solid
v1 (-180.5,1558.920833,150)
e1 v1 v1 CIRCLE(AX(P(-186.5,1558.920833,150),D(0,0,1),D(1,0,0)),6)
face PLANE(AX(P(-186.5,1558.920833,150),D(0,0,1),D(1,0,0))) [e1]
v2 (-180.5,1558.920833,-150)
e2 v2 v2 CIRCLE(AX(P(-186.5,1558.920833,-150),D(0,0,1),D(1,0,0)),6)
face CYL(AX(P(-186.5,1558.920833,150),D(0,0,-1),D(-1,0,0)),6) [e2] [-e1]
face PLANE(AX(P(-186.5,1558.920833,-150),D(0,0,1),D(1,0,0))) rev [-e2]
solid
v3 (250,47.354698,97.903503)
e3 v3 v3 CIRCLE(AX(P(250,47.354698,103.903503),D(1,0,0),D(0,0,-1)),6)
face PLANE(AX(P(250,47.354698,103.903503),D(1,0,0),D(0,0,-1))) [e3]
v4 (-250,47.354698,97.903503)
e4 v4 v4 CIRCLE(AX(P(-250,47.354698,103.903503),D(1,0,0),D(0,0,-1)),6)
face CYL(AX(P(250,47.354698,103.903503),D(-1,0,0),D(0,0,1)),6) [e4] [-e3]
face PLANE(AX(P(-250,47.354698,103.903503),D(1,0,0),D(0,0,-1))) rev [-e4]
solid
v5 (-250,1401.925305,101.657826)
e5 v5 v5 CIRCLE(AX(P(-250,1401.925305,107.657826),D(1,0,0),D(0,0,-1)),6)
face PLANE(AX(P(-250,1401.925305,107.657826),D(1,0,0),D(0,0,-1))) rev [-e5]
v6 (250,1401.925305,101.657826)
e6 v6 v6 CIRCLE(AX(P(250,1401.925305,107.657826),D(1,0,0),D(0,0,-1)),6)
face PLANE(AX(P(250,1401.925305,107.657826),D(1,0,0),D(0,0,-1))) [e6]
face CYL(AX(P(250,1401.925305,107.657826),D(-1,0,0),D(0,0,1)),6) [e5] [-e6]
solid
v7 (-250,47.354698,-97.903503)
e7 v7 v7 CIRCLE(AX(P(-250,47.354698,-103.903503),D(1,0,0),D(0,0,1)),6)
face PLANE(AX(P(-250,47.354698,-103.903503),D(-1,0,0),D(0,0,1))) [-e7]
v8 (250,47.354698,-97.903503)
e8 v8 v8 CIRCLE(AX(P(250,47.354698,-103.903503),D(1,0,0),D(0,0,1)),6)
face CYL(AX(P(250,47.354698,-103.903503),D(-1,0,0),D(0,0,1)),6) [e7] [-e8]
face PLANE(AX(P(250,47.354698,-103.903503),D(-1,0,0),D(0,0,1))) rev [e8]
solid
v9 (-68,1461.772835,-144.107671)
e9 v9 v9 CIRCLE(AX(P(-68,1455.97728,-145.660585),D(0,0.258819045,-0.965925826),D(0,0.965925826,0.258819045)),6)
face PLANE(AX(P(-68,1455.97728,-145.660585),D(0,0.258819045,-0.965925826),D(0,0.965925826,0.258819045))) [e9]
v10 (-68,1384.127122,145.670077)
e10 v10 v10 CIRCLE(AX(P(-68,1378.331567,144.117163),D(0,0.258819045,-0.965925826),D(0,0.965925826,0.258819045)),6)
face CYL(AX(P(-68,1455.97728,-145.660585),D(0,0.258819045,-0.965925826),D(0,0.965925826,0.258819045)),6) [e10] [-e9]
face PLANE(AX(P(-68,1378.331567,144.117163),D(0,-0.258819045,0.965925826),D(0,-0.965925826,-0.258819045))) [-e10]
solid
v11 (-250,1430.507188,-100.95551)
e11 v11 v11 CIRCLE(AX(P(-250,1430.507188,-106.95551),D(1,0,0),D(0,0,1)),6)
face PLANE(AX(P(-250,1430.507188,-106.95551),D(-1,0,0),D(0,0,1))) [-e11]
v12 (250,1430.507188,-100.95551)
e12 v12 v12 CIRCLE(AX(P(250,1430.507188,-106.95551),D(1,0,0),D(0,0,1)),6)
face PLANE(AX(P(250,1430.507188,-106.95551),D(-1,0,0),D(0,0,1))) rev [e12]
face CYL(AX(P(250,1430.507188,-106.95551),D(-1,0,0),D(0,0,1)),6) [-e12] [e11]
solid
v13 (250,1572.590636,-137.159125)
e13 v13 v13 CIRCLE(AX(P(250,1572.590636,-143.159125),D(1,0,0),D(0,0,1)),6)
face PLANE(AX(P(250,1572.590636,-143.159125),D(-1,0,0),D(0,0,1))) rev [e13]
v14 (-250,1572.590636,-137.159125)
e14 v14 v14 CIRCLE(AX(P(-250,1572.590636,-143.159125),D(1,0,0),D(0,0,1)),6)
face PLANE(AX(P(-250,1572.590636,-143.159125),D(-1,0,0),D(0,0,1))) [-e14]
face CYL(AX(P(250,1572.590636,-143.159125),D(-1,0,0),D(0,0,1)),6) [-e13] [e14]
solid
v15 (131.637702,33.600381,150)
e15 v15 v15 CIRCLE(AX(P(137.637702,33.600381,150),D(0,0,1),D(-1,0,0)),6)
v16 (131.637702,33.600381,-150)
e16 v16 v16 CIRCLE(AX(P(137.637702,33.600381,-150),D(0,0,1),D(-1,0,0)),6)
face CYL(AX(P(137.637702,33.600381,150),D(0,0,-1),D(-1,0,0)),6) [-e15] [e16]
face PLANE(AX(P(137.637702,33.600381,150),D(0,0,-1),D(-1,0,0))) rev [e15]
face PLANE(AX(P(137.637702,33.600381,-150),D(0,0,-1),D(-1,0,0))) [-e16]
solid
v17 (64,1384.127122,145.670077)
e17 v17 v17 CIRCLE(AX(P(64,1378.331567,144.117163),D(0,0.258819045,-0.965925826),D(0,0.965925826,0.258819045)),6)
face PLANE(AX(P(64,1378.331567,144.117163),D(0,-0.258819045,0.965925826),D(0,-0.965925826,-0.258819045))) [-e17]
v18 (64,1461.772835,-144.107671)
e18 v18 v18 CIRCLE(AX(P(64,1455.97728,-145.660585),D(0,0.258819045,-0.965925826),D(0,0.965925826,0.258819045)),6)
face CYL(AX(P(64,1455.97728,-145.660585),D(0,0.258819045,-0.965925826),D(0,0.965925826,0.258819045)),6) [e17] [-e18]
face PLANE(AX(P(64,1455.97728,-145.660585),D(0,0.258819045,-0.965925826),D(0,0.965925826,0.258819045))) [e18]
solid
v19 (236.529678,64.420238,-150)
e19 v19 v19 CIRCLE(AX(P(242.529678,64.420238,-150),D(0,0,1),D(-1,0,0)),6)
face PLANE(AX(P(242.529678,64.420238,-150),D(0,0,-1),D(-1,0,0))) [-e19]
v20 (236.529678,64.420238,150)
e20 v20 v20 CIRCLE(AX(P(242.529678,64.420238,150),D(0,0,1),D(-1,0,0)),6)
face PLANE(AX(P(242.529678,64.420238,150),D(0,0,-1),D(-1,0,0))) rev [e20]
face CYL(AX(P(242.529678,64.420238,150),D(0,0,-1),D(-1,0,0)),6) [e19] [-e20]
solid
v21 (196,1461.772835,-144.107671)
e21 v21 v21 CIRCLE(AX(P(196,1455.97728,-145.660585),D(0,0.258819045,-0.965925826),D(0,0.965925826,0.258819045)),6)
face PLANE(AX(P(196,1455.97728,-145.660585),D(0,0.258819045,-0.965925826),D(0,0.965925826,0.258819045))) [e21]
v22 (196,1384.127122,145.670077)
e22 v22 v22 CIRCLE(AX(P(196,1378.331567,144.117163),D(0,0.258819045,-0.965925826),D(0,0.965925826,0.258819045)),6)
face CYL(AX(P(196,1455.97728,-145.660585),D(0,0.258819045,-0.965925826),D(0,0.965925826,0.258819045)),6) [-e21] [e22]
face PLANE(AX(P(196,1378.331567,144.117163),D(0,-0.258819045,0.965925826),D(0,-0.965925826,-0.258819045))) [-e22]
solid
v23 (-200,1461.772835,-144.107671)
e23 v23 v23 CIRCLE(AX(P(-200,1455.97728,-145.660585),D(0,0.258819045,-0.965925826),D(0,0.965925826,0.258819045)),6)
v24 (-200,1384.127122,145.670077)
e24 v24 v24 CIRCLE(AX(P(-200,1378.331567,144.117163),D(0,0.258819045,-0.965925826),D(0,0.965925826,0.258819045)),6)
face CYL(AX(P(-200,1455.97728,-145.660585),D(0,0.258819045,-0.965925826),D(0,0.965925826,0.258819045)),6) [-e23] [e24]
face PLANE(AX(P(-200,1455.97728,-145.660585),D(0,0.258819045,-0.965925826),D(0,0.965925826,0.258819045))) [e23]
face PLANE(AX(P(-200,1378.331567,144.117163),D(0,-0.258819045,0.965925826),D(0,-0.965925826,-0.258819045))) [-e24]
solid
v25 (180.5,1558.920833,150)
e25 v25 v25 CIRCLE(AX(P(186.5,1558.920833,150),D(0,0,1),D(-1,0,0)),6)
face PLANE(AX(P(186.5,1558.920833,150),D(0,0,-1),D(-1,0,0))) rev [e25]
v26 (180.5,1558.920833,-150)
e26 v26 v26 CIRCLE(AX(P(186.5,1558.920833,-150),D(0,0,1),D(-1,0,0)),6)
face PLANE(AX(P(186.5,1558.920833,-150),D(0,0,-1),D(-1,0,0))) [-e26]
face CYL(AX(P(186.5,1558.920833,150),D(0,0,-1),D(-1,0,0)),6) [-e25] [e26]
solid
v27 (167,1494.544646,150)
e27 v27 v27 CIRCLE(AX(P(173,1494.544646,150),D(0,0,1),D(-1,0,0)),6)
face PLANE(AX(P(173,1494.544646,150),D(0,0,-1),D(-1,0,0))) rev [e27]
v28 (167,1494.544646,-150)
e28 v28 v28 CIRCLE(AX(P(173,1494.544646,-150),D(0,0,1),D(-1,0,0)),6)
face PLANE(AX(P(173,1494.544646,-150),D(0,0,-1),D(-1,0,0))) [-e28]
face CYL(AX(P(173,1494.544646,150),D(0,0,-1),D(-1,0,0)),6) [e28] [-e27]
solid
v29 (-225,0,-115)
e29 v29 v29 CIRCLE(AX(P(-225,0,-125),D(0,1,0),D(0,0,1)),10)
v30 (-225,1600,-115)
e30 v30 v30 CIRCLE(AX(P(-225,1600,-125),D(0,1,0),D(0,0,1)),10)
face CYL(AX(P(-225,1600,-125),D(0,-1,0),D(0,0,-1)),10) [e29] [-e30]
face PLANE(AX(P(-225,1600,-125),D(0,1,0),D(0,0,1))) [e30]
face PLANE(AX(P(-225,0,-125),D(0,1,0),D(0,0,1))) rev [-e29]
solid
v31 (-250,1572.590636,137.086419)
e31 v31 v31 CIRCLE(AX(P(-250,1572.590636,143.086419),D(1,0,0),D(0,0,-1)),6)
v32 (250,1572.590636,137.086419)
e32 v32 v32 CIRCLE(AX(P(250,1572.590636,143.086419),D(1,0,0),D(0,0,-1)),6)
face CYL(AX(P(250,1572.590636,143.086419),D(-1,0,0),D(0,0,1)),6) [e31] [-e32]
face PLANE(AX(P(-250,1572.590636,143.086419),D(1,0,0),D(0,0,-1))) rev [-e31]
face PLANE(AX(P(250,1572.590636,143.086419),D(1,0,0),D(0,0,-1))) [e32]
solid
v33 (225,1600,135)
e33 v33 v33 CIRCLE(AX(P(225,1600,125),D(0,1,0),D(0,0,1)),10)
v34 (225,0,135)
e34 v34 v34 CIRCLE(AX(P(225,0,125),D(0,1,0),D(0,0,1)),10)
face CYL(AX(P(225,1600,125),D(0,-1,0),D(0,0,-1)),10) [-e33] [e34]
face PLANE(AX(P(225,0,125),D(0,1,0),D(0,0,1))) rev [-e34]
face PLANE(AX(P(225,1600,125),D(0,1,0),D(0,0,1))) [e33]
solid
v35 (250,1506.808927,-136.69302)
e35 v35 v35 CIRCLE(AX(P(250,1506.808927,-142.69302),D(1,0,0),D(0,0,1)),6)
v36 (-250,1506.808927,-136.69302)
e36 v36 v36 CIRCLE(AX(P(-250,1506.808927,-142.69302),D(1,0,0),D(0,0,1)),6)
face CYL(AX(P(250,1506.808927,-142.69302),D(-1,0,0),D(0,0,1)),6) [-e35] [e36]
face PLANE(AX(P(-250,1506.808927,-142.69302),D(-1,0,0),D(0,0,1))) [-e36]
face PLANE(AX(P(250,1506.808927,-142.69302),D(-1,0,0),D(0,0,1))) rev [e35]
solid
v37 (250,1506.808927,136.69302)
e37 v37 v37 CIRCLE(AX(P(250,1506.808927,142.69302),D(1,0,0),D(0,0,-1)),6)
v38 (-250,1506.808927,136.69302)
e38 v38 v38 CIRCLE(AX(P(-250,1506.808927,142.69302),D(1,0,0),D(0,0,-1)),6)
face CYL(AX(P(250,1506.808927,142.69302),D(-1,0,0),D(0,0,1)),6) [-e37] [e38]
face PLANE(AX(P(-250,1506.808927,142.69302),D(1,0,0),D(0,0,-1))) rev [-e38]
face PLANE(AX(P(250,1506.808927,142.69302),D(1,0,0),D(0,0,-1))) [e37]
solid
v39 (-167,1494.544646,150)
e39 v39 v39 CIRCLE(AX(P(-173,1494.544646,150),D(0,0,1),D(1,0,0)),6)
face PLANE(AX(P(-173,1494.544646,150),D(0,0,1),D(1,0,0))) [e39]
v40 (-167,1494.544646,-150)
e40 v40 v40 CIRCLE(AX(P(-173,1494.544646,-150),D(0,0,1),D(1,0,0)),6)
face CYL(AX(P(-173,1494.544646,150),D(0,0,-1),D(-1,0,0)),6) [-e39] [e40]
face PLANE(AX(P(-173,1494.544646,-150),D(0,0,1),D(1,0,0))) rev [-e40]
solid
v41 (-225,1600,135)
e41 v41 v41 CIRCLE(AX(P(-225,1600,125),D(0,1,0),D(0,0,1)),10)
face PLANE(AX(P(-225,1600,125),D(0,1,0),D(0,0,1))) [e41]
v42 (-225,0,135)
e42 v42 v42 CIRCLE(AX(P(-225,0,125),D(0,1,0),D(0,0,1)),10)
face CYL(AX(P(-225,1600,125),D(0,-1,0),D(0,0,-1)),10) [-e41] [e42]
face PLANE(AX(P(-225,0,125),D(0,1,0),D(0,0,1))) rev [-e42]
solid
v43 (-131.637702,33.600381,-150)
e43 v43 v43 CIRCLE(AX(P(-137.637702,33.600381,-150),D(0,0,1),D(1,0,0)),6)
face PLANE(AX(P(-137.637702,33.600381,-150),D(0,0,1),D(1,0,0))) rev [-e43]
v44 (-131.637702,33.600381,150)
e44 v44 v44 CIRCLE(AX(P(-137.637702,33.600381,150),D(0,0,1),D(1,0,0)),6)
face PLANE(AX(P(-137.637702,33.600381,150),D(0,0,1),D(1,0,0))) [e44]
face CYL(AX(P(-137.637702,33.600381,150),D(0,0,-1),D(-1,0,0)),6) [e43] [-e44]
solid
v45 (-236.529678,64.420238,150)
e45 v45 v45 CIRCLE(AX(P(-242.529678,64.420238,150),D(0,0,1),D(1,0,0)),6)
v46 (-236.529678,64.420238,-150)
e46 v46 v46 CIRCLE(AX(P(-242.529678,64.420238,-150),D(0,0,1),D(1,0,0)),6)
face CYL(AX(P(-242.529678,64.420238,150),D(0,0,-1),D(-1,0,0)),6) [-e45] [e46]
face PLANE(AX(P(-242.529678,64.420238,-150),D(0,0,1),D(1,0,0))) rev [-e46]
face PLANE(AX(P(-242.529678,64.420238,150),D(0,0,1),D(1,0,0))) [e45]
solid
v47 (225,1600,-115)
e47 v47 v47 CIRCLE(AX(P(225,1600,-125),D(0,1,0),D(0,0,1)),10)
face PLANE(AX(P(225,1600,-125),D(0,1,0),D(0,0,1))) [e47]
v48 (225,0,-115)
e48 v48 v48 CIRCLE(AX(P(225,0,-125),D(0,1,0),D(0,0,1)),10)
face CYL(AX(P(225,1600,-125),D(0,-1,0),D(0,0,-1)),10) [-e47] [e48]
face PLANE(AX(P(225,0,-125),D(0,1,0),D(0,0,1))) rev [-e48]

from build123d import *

# Parameters (mm, degrees)
SKETCH_1_R        = 10
EXTRUDE_1_DEPTH   = 1600
EXTRUDE_1_2_DEPTH = 1600
EXTRUDE_1_3_DEPTH = 1600
EXTRUDE_1_4_DEPTH = 1600
SKETCH_2_R        = 6
EXTRUDE_2_DEPTH   = 300
EXTRUDE_2_2_DEPTH = 300
EXTRUDE_2_3_DEPTH = 300
EXTRUDE_2_4_DEPTH = 300
SKETCH_3_R        = 6
EXTRUDE_3_DEPTH   = 500
EXTRUDE_3_2_DEPTH = 500
SKETCH_5_R        = 6
EXTRUDE_4_DEPTH   = 500
EXTRUDE_4_2_DEPTH = 500
SKETCH_6_R        = 6
EXTRUDE_5_DEPTH   = 300
EXTRUDE_5_2_DEPTH = 300
SKETCH_7_R        = 6
EXTRUDE_6_DEPTH   = 500
EXTRUDE_6_2_DEPTH = 500
SKETCH_9_R        = 6
EXTRUDE_7_DEPTH   = 300
EXTRUDE_7_2_DEPTH = 300
SKETCH_10_R       = 6
EXTRUDE_8_DEPTH   = 500
EXTRUDE_8_2_DEPTH = 500


with BuildPart() as part:
    # 草图1 → 凸台-拉伸1 (new body)
    with BuildSketch(Plane(origin=(0, 0, 0), x_dir=(1, 0, 0), z_dir=(0, 1, 0))):
        with Locations(Location((-225, -125, 0), (0, 0, 270))):
            Circle(SKETCH_1_R)
    extrude(amount=EXTRUDE_1_DEPTH)


with BuildPart() as body_2:
    # 草图1 → Extrude 1 2 (new body)
    with BuildSketch(Plane(origin=(0, 0, 0), x_dir=(1, 0, 0), z_dir=(0, 1, 0))):
        with Locations(Location((225, -125, 0), (0, 0, 270))):
            Circle(SKETCH_1_R)
    extrude(amount=EXTRUDE_1_2_DEPTH)


with BuildPart() as body_3:
    # 草图1 → Extrude 1 3 (new body)
    with BuildSketch(Plane(origin=(0, 0, 0), x_dir=(1, 0, 0), z_dir=(0, 1, 0))):
        with Locations(Location((225, 125, 0), (0, 0, 270))):
            Circle(SKETCH_1_R)
    extrude(amount=EXTRUDE_1_3_DEPTH)


with BuildPart() as body_4:
    # 草图1 → Extrude 1 4 (new body)
    with BuildSketch(Plane(origin=(0, 0, 0), x_dir=(1, 0, 0), z_dir=(0, 1, 0))):
        with Locations(Location((-225, 125, 0), (0, 0, 270))):
            Circle(SKETCH_1_R)
    extrude(amount=EXTRUDE_1_4_DEPTH)


with BuildPart() as body_5:
    # 草图2 → 凸台-拉伸2 (new body)
    with BuildSketch(Plane(origin=(0, 29.357011074, -150), x_dir=(1, 0, 0), z_dir=(0, 0, 1))):
        with Locations((-242.529677983, 35.06322708)):
            Circle(SKETCH_2_R)
    extrude(amount=EXTRUDE_2_DEPTH)


with BuildPart() as body_6:
    # 草图2 → Extrude 2 2 (new body)
    with BuildSketch(Plane(origin=(0, 29.357011074, -150), x_dir=(1, 0, 0), z_dir=(0, 0, 1))):
        with Locations(Location((242.529677983, 35.06322708, 0), (0, 0, 180))):
            Circle(SKETCH_2_R)
    extrude(amount=EXTRUDE_2_2_DEPTH)


with BuildPart() as body_7:
    # 草图2 → Extrude 2 3 (new body)
    with BuildSketch(Plane(origin=(0, 29.357011074, -150), x_dir=(1, 0, 0), z_dir=(0, 0, 1))):
        with Locations((-137.637701534, 4.243370186)):
            Circle(SKETCH_2_R)
    extrude(amount=EXTRUDE_2_3_DEPTH)


with BuildPart() as body_8:
    # 草图2 → Extrude 2 4 (new body)
    with BuildSketch(Plane(origin=(0, 29.357011074, -150), x_dir=(1, 0, 0), z_dir=(0, 0, 1))):
        with Locations(Location((137.637701534, 4.243370186, 0), (0, 0, 180))):
            Circle(SKETCH_2_R)
    extrude(amount=EXTRUDE_2_4_DEPTH)


with BuildPart() as body_9:
    # 草图3 → 凸台-拉伸3 (new body)
    with BuildSketch(Plane(origin=(-250, 0, 0), x_dir=(0, 0, -1), z_dir=(1, 0, 0))):
        with Locations((-103.903503122, 47.354697799)):
            Circle(SKETCH_3_R)
    extrude(amount=EXTRUDE_3_DEPTH)


with BuildPart() as body_10:
    # 草图3 → Extrude 3 2 (new body)
    with BuildSketch(Plane(origin=(-250, 0, 0), x_dir=(0, 0, -1), z_dir=(1, 0, 0))):
        with Locations(Location((103.903503122, 47.354697799, 0), (0, 0, 180))):
            Circle(SKETCH_3_R)
    extrude(amount=EXTRUDE_3_2_DEPTH)


with BuildPart() as body_11:
    # 草图5 → 凸台-拉伸4 (new body)
    with BuildSketch(Plane(origin=(-250, 0, 0), x_dir=(0, 0, -1), z_dir=(1, 0, 0))):
        with Locations((-143.086419347, 1572.590636067)):
            Circle(SKETCH_5_R)
    extrude(amount=EXTRUDE_4_DEPTH)


with BuildPart() as body_12:
    # 草图5 → Extrude 4 2 (new body)
    with BuildSketch(Plane(origin=(-250, 0, 0), x_dir=(0, 0, -1), z_dir=(1, 0, 0))):
        with Locations(Location((143.15912467, 1572.590636067, 0), (0, 0, 180))):
            Circle(SKETCH_5_R)
    extrude(amount=EXTRUDE_4_2_DEPTH)


with BuildPart() as body_13:
    # 草图6 → 凸台-拉伸5 (new body)
    with BuildSketch(Plane.XY.offset(-150)):
        with Locations((-186.5, 1558.920833166)):
            Circle(SKETCH_6_R)
    extrude(amount=EXTRUDE_5_DEPTH)


with BuildPart() as body_14:
    # 草图6 → Extrude 5 2 (new body)
    with BuildSketch(Plane.XY.offset(-150)):
        with Locations(Location((186.5, 1558.920833166, 0), (0, 0, 180))):
            Circle(SKETCH_6_R)
    extrude(amount=EXTRUDE_5_2_DEPTH)


with BuildPart() as body_15:
    # 草图7 → 凸台-拉伸6 (new body)
    with BuildSketch(Plane(origin=(-250, 0, 0), x_dir=(0, 0, -1), z_dir=(1, 0, 0))):
        with Locations((-142.693020427, 1506.808927116)):
            Circle(SKETCH_7_R)
    extrude(amount=EXTRUDE_6_DEPTH)


with BuildPart() as body_16:
    # 草图7 → Extrude 6 2 (new body)
    with BuildSketch(Plane(origin=(-250, 0, 0), x_dir=(0, 0, -1), z_dir=(1, 0, 0))):
        with Locations(Location((142.693020427, 1506.808927116, 0), (0, 0, 180))):
            Circle(SKETCH_7_R)
    extrude(amount=EXTRUDE_6_2_DEPTH)


with BuildPart() as body_17:
    # 草图9 → 凸台-拉伸7 (new body)
    with BuildSketch(Plane.XY.offset(-150)):
        with Locations((-173, 1494.544646119)):
            Circle(SKETCH_9_R)
    extrude(amount=EXTRUDE_7_DEPTH)


with BuildPart() as body_18:
    # 草图9 → Extrude 7 2 (new body)
    with BuildSketch(Plane.XY.offset(-150)):
        with Locations(Location((173, 1494.544646119, 0), (0, 0, 180))):
            Circle(SKETCH_9_R)
    extrude(amount=EXTRUDE_7_2_DEPTH)


with BuildPart() as body_19:
    # 草图10 → 凸台-拉伸8 (new body)
    with BuildSketch(Plane(origin=(-250, 0, 0), x_dir=(0, 0, -1), z_dir=(1, 0, 0))):
        with Locations((-107.657826454, 1401.925305204)):
            Circle(SKETCH_10_R)
    extrude(amount=EXTRUDE_8_DEPTH)


with BuildPart() as body_20:
    # 草图10 → Extrude 8 2 (new body)
    with BuildSketch(Plane(origin=(-250, 0, 0), x_dir=(0, 0, -1), z_dir=(1, 0, 0))):
        with Locations(Location((106.955510049, 1430.507187738, 0), (0, 0, 180))):
            Circle(SKETCH_10_R)
    extrude(amount=EXTRUDE_8_2_DEPTH)


with BuildPart() as body_21:
    # 草图11 → 旋转3 (revolve)
    with BuildSketch(Plane(origin=(-200, 0, 0), x_dir=(0, 0, -1), z_dir=(1, 0, 0))):
        Polygon((145.660585084, 1455.977280282), (144.107670813, 1461.77283524), (-145.670077073, 1384.127121709), (-144.117162803, 1378.331566752), align=None)
    revolve(axis=Axis((-200, 1455.977280282, -145.660585084), (0, -0.25881904510252157, 0.9659258262890681)))


with BuildPart() as body_22:
    # 草图12 → 旋转4 (revolve)
    with BuildSketch(Plane(origin=(-68, 0, 0), x_dir=(0, 0, -1), z_dir=(1, 0, 0))):
        Polygon((145.660585084, 1455.977280282), (144.107670813, 1461.77283524), (-145.670077073, 1384.127121709), (-144.117162803, 1378.331566752), align=None)
    revolve(axis=Axis((-68, 1455.977280282, -145.660585084), (0, -0.25881904510252157, 0.9659258262890681)))


with BuildPart() as body_23:
    # 草图13 → 旋转5 (revolve)
    with BuildSketch(Plane(origin=(64, 0, 0), x_dir=(0, 0, -1), z_dir=(1, 0, 0))):
        Polygon((-144.117162803, 1378.331566752), (-145.670077073, 1384.127121709), (144.107670813, 1461.77283524), (145.660585084, 1455.977280282), align=None)
    revolve(axis=Axis((64, 1455.977280282, -145.660585084), (0, -0.25881904510252157, 0.9659258262890681)))


with BuildPart() as body_24:
    # 草图14 → 旋转6 (revolve)
    with BuildSketch(Plane(origin=(196, 0, 0), x_dir=(0, 0, -1), z_dir=(1, 0, 0))):
        Polygon((-144.117162803, 1378.331566752), (-145.670077073, 1384.127121709), (144.107670813, 1461.77283524), (145.660585084, 1455.977280282), align=None)
    revolve(axis=Axis((196, 1455.977280282, -145.660585084), (0, -0.25881904510252157, 0.9659258262890681)))


solid = Compound([part.part, body_2.part, body_3.part, body_4.part, body_5.part, body_6.part, body_7.part, body_8.part, body_9.part, body_10.part, body_11.part, body_12.part, body_13.part, body_14.part, body_15.part, body_16.part, body_17.part, body_18.part, body_19.part, body_20.part, body_21.part, body_22.part, body_23.part, body_24.part])
